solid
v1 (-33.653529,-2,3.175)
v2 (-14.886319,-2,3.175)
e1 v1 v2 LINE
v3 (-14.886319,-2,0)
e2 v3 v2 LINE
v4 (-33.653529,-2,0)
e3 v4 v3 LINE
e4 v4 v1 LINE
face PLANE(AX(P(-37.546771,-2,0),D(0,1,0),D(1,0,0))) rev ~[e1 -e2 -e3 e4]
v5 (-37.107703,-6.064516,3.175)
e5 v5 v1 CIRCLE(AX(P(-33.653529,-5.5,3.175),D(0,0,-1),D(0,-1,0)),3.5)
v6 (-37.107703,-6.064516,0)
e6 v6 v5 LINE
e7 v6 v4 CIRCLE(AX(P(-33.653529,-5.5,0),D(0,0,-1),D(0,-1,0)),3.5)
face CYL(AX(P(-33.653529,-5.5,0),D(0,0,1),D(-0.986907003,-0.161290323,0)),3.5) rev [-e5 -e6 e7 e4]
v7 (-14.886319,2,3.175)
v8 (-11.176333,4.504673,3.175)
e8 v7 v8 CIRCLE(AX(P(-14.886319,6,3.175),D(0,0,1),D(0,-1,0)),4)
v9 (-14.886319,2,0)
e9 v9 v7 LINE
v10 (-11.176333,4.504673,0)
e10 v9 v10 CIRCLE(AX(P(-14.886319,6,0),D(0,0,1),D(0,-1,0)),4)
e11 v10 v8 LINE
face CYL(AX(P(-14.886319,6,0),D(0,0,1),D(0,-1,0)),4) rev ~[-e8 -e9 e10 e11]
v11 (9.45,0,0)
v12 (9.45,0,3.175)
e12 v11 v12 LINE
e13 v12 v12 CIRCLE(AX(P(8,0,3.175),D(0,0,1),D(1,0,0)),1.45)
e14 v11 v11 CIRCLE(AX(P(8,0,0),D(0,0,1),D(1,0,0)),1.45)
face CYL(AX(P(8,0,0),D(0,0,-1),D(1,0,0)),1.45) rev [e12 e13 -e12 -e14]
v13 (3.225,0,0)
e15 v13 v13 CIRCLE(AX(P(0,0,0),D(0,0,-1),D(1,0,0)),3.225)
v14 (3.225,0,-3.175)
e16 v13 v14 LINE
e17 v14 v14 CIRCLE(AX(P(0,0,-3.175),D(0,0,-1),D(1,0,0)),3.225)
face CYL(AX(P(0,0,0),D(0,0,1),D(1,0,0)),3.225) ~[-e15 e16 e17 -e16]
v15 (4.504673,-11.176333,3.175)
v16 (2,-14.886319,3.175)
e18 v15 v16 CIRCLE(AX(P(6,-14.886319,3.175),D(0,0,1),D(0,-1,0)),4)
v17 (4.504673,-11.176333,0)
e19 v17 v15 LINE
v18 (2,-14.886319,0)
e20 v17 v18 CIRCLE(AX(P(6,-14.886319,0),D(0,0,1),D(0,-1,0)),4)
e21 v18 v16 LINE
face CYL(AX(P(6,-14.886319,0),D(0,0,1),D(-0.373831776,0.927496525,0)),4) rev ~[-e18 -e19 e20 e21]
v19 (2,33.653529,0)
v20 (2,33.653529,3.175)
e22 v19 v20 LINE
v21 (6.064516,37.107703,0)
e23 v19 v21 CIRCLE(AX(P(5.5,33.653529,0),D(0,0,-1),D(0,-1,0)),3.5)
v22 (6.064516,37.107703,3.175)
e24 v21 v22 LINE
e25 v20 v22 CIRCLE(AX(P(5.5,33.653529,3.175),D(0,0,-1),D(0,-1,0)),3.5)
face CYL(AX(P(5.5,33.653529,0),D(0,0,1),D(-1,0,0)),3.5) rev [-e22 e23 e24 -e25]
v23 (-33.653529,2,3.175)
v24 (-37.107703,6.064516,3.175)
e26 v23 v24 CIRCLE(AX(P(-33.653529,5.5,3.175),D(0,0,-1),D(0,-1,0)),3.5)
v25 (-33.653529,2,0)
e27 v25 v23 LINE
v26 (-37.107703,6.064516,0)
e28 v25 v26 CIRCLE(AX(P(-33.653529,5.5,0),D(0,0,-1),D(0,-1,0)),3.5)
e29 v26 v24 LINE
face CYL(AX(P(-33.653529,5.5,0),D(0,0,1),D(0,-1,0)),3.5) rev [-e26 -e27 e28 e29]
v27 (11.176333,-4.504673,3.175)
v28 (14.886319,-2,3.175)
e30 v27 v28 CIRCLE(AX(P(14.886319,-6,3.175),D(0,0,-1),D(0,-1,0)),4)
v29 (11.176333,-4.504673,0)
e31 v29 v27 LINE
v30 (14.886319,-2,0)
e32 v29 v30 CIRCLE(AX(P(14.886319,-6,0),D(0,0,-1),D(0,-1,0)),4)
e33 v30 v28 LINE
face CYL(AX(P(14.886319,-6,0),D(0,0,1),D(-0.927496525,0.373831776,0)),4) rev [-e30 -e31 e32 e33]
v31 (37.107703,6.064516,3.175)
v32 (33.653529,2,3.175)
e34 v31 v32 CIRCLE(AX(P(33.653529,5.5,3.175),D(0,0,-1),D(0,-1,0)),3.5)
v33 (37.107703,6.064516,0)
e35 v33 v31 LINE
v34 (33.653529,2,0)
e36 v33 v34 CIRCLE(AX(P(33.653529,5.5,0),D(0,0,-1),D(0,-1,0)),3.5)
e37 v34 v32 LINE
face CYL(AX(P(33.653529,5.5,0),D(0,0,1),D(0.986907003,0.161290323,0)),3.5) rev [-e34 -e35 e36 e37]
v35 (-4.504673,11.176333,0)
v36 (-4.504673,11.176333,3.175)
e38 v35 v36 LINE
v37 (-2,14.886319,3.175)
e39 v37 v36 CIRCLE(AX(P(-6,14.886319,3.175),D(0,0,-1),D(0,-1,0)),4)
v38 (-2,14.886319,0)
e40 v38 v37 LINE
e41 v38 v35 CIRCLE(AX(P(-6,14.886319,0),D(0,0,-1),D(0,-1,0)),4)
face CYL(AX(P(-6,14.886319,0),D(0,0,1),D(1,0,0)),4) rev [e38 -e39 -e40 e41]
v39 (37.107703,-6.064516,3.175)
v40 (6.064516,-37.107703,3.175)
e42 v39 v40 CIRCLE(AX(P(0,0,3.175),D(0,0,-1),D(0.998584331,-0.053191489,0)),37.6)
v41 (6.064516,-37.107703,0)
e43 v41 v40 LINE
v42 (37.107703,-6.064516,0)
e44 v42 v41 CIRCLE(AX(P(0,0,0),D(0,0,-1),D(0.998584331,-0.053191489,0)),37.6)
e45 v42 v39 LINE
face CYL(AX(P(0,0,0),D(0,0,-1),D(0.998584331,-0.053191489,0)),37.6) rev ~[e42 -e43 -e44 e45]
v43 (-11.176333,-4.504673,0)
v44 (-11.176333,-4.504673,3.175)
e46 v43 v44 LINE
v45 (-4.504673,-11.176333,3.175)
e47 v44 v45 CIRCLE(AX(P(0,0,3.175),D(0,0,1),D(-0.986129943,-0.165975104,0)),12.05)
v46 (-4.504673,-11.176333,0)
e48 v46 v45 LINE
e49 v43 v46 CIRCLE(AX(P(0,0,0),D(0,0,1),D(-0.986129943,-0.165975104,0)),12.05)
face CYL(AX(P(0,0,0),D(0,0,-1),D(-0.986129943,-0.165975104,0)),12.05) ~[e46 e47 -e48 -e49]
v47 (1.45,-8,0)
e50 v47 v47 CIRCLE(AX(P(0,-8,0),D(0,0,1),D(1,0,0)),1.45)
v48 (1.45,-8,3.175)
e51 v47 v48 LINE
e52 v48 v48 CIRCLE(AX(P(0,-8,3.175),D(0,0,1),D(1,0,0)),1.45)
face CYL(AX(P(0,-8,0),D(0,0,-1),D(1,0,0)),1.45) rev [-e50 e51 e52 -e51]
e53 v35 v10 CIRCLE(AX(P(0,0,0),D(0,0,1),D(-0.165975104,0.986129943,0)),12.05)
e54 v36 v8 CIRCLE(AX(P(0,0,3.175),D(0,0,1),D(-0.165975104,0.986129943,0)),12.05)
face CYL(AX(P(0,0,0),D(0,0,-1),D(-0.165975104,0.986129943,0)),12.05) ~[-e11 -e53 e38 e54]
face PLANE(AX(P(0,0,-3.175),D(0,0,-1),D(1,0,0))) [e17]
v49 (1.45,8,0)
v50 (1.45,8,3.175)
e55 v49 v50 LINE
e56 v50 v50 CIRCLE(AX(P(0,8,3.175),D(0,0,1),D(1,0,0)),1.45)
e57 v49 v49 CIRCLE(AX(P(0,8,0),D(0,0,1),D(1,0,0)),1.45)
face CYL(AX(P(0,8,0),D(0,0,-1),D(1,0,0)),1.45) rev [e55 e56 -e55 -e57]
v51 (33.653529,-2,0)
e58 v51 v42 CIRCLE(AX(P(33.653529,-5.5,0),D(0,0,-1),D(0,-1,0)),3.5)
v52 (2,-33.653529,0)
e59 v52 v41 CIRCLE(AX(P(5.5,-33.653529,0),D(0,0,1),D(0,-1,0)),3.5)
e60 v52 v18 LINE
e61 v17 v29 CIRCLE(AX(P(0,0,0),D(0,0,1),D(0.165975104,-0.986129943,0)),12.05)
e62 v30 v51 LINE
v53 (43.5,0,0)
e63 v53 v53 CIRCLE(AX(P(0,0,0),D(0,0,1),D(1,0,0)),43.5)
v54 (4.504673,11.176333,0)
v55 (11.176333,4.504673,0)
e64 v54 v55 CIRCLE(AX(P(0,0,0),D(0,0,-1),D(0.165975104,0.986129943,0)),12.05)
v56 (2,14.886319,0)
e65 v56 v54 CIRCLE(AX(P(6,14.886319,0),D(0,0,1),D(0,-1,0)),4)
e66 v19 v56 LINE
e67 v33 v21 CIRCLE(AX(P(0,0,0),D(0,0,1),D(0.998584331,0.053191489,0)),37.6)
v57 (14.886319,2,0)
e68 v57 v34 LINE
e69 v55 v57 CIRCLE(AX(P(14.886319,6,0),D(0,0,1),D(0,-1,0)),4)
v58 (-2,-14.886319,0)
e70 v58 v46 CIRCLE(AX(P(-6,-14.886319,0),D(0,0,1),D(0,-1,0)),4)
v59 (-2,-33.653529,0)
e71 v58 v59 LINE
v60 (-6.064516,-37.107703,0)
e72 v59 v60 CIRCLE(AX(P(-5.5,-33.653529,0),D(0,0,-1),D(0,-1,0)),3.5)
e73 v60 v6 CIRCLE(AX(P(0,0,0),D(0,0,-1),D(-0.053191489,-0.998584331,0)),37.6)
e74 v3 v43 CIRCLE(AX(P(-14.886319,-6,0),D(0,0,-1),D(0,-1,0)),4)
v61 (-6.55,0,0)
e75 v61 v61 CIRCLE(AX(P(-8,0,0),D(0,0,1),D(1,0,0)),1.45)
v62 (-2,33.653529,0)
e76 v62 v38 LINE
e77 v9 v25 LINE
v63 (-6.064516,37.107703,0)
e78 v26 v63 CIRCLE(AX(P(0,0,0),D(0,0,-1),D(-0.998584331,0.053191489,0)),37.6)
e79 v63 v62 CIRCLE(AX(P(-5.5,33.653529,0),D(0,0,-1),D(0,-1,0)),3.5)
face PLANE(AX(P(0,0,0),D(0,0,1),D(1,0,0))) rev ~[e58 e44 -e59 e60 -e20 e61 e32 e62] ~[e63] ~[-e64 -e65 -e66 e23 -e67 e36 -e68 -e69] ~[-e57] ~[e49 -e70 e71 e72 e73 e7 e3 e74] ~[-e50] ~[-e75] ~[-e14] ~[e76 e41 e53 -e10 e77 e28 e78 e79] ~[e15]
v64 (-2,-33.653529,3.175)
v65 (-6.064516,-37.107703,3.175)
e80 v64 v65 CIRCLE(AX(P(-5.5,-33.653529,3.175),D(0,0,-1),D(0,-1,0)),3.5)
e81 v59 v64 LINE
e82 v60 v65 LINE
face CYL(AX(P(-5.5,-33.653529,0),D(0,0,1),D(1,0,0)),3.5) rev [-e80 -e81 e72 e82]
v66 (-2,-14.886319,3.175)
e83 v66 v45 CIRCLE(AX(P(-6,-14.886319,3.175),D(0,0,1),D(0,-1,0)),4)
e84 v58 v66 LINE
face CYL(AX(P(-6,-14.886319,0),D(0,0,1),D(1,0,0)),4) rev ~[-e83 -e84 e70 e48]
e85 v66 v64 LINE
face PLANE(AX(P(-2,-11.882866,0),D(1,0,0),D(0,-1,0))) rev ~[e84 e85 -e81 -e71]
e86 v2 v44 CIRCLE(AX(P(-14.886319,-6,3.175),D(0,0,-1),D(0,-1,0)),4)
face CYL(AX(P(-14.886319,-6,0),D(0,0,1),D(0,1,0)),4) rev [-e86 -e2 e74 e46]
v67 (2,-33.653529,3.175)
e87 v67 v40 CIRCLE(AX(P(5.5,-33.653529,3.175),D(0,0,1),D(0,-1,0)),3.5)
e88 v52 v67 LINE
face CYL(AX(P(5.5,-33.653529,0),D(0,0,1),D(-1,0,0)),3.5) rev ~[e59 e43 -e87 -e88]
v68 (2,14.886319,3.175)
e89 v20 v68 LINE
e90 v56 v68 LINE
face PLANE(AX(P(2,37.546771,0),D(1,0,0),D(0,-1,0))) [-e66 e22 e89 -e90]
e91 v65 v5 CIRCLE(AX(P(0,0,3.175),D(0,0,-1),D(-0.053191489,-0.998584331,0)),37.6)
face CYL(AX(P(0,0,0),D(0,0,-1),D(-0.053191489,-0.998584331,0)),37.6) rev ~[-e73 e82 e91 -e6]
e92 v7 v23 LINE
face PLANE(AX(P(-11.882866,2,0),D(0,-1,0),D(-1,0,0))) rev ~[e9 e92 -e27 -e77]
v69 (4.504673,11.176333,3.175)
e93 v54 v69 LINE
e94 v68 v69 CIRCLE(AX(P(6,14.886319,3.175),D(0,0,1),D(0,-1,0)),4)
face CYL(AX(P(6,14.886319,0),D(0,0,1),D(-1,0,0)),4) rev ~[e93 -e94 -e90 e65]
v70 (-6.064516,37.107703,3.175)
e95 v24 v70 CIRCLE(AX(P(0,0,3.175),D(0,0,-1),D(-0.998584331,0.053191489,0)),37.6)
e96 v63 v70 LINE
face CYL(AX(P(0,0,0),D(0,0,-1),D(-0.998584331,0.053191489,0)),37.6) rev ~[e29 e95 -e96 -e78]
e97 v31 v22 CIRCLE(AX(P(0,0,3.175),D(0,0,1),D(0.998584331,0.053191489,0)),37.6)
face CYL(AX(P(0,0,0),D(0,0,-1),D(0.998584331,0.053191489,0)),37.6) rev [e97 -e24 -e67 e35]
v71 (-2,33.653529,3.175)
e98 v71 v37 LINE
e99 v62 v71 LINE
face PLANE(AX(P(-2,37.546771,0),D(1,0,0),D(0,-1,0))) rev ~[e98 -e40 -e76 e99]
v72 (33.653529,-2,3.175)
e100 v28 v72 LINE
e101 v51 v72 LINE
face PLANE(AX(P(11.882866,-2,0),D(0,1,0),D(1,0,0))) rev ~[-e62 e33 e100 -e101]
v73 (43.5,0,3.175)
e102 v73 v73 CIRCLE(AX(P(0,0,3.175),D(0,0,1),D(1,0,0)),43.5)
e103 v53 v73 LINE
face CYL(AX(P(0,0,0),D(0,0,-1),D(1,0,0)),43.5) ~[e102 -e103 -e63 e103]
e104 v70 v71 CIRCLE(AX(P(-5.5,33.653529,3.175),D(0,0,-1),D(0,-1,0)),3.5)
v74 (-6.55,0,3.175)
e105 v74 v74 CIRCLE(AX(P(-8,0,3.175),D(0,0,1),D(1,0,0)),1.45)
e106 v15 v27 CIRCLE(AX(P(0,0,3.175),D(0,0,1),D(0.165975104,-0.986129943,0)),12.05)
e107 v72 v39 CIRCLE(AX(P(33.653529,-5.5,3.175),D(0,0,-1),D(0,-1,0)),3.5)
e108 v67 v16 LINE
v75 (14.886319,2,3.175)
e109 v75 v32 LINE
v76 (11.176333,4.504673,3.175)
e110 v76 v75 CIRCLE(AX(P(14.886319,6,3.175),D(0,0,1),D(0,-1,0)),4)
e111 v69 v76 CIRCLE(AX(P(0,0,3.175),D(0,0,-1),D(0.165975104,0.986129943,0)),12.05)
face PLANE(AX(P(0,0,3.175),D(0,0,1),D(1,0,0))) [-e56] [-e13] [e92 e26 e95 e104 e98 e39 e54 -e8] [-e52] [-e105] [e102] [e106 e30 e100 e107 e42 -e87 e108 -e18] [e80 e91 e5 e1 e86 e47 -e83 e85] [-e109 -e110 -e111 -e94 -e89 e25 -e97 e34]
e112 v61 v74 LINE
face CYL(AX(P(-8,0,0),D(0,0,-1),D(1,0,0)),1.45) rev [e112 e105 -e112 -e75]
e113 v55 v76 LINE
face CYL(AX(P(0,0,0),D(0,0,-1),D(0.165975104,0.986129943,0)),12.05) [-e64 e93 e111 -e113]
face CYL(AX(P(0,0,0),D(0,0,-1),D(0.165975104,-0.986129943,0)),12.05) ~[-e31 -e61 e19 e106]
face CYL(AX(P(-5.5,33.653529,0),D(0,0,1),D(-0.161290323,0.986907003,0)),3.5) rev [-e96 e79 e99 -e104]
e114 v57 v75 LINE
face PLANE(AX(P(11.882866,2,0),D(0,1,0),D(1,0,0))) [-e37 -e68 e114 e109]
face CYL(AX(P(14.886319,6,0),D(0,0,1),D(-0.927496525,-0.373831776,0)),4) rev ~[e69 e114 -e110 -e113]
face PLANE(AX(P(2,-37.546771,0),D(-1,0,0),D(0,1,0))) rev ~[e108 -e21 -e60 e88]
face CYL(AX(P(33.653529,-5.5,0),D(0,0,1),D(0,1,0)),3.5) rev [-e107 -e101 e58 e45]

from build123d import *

# Parameters (mm, degrees)
SKETCH1_R           = 43.5
SKETCH1_R_2         = 1.45
BOSS_EXTRUDE1_DEPTH = 3.175
FILLET1_R           = 4
FILLET2_R           = 3.5
SKETCH3_R           = 3.225
BOSS_EXTRUDE2_DEPTH = 3.175


with BuildPart() as part:
    # Sketch1 → Boss-Extrude1 (new body)
    with BuildSketch(Plane.XY):
        Circle(SKETCH1_R)
        with Locations((0, 8)):
            Circle(SKETCH1_R_2, mode=Mode.SUBTRACT)
        with Locations((0, -8)):
            Circle(SKETCH1_R_2, mode=Mode.SUBTRACT)
        with Locations((8, 0)):
            Circle(SKETCH1_R_2, mode=Mode.SUBTRACT)
        with Locations((-8, 0)):
            Circle(SKETCH1_R_2, mode=Mode.SUBTRACT)
        with BuildLine():
            Line((-37.546770833, -2), (-11.882865816, -2))
            ThreePointArc((-11.882865816, -2), (-8.520636713, -8.520636713), (-2, -11.882865816))
            Line((-2, -11.882865816), (-2, -37.546770833))
            ThreePointArc((-2, -37.546770833), (-26.587214973, -26.587214973), (-37.546770833, -2))
        make_face(mode=Mode.SUBTRACT)
        with BuildLine():
            Line((-2, 37.546770833), (-2, 11.882865816))
            ThreePointArc((-2, 11.882865816), (-8.520636713, 8.520636713), (-11.882865816, 2))
            Line((-11.882865816, 2), (-37.546770833, 2))
            ThreePointArc((-37.546770833, 2), (-26.587214973, 26.587214973), (-2, 37.546770833))
        make_face(mode=Mode.SUBTRACT)
        with BuildLine():
            Line((2, 37.546770833), (2, 11.882865816))
            ThreePointArc((2, 11.882865816), (8.520636713, 8.520636713), (11.882865816, 2))
            Line((11.882865816, 2), (37.546770833, 2))
            ThreePointArc((37.546770833, 2), (26.587214973, 26.587214973), (2, 37.546770833))
        make_face(mode=Mode.SUBTRACT)
        with BuildLine():
            Line((11.882865816, -2), (37.546770833, -2))
            ThreePointArc((37.546770833, -2), (26.587214973, -26.587214973), (2, -37.546770833))
            Line((2, -37.546770833), (2, -11.882865816))
            ThreePointArc((2, -11.882865816), (8.520636713, -8.520636713), (11.882865816, -2))
        make_face(mode=Mode.SUBTRACT)
    extrude(amount=BOSS_EXTRUDE1_DEPTH)

    # Fillet1
    fillet1_edges = [part.edges().sort_by_distance(p)[0] for p in [
        (-11.882865816, 2, 1.5875),
        (-2, 11.882865816, 1.5875),
        (-2, -11.882865816, 1.5875),
        (-11.882865816, -2, 1.5875),
        (11.882865816, -2, 1.5875),
        (2, -11.882865816, 1.5875),
        (2, 11.882865816, 1.5875),
        (11.882865816, 2, 1.5875),
    ]]
    fillet(fillet1_edges, radius=FILLET1_R)

    # Fillet2
    fillet2_edges = [part.edges().sort_by_distance(p)[0] for p in [
        (-2, 37.546770833, 1.5875),
        (-37.546770833, 2, 1.5875),
        (-37.546770833, -2, 1.5875),
        (-2, -37.546770833, 1.5875),
        (2, -37.546770833, 1.5875),
        (37.546770833, -2, 1.5875),
        (37.546770833, 2, 1.5875),
        (2, 37.546770833, 1.5875),
    ]]
    fillet(fillet2_edges, radius=FILLET2_R)

    # Sketch3 → Boss-Extrude2 (add)
    with BuildSketch(Plane(origin=(0, 0, 0), x_dir=(-1, 0, 0), z_dir=(0, 0, -1))):
        with Locations(Location((0, 0, 0), (0, 0, 180))):
            Circle(SKETCH3_R)
    extrude(amount=BOSS_EXTRUDE2_DEPTH)


solid = part.part
